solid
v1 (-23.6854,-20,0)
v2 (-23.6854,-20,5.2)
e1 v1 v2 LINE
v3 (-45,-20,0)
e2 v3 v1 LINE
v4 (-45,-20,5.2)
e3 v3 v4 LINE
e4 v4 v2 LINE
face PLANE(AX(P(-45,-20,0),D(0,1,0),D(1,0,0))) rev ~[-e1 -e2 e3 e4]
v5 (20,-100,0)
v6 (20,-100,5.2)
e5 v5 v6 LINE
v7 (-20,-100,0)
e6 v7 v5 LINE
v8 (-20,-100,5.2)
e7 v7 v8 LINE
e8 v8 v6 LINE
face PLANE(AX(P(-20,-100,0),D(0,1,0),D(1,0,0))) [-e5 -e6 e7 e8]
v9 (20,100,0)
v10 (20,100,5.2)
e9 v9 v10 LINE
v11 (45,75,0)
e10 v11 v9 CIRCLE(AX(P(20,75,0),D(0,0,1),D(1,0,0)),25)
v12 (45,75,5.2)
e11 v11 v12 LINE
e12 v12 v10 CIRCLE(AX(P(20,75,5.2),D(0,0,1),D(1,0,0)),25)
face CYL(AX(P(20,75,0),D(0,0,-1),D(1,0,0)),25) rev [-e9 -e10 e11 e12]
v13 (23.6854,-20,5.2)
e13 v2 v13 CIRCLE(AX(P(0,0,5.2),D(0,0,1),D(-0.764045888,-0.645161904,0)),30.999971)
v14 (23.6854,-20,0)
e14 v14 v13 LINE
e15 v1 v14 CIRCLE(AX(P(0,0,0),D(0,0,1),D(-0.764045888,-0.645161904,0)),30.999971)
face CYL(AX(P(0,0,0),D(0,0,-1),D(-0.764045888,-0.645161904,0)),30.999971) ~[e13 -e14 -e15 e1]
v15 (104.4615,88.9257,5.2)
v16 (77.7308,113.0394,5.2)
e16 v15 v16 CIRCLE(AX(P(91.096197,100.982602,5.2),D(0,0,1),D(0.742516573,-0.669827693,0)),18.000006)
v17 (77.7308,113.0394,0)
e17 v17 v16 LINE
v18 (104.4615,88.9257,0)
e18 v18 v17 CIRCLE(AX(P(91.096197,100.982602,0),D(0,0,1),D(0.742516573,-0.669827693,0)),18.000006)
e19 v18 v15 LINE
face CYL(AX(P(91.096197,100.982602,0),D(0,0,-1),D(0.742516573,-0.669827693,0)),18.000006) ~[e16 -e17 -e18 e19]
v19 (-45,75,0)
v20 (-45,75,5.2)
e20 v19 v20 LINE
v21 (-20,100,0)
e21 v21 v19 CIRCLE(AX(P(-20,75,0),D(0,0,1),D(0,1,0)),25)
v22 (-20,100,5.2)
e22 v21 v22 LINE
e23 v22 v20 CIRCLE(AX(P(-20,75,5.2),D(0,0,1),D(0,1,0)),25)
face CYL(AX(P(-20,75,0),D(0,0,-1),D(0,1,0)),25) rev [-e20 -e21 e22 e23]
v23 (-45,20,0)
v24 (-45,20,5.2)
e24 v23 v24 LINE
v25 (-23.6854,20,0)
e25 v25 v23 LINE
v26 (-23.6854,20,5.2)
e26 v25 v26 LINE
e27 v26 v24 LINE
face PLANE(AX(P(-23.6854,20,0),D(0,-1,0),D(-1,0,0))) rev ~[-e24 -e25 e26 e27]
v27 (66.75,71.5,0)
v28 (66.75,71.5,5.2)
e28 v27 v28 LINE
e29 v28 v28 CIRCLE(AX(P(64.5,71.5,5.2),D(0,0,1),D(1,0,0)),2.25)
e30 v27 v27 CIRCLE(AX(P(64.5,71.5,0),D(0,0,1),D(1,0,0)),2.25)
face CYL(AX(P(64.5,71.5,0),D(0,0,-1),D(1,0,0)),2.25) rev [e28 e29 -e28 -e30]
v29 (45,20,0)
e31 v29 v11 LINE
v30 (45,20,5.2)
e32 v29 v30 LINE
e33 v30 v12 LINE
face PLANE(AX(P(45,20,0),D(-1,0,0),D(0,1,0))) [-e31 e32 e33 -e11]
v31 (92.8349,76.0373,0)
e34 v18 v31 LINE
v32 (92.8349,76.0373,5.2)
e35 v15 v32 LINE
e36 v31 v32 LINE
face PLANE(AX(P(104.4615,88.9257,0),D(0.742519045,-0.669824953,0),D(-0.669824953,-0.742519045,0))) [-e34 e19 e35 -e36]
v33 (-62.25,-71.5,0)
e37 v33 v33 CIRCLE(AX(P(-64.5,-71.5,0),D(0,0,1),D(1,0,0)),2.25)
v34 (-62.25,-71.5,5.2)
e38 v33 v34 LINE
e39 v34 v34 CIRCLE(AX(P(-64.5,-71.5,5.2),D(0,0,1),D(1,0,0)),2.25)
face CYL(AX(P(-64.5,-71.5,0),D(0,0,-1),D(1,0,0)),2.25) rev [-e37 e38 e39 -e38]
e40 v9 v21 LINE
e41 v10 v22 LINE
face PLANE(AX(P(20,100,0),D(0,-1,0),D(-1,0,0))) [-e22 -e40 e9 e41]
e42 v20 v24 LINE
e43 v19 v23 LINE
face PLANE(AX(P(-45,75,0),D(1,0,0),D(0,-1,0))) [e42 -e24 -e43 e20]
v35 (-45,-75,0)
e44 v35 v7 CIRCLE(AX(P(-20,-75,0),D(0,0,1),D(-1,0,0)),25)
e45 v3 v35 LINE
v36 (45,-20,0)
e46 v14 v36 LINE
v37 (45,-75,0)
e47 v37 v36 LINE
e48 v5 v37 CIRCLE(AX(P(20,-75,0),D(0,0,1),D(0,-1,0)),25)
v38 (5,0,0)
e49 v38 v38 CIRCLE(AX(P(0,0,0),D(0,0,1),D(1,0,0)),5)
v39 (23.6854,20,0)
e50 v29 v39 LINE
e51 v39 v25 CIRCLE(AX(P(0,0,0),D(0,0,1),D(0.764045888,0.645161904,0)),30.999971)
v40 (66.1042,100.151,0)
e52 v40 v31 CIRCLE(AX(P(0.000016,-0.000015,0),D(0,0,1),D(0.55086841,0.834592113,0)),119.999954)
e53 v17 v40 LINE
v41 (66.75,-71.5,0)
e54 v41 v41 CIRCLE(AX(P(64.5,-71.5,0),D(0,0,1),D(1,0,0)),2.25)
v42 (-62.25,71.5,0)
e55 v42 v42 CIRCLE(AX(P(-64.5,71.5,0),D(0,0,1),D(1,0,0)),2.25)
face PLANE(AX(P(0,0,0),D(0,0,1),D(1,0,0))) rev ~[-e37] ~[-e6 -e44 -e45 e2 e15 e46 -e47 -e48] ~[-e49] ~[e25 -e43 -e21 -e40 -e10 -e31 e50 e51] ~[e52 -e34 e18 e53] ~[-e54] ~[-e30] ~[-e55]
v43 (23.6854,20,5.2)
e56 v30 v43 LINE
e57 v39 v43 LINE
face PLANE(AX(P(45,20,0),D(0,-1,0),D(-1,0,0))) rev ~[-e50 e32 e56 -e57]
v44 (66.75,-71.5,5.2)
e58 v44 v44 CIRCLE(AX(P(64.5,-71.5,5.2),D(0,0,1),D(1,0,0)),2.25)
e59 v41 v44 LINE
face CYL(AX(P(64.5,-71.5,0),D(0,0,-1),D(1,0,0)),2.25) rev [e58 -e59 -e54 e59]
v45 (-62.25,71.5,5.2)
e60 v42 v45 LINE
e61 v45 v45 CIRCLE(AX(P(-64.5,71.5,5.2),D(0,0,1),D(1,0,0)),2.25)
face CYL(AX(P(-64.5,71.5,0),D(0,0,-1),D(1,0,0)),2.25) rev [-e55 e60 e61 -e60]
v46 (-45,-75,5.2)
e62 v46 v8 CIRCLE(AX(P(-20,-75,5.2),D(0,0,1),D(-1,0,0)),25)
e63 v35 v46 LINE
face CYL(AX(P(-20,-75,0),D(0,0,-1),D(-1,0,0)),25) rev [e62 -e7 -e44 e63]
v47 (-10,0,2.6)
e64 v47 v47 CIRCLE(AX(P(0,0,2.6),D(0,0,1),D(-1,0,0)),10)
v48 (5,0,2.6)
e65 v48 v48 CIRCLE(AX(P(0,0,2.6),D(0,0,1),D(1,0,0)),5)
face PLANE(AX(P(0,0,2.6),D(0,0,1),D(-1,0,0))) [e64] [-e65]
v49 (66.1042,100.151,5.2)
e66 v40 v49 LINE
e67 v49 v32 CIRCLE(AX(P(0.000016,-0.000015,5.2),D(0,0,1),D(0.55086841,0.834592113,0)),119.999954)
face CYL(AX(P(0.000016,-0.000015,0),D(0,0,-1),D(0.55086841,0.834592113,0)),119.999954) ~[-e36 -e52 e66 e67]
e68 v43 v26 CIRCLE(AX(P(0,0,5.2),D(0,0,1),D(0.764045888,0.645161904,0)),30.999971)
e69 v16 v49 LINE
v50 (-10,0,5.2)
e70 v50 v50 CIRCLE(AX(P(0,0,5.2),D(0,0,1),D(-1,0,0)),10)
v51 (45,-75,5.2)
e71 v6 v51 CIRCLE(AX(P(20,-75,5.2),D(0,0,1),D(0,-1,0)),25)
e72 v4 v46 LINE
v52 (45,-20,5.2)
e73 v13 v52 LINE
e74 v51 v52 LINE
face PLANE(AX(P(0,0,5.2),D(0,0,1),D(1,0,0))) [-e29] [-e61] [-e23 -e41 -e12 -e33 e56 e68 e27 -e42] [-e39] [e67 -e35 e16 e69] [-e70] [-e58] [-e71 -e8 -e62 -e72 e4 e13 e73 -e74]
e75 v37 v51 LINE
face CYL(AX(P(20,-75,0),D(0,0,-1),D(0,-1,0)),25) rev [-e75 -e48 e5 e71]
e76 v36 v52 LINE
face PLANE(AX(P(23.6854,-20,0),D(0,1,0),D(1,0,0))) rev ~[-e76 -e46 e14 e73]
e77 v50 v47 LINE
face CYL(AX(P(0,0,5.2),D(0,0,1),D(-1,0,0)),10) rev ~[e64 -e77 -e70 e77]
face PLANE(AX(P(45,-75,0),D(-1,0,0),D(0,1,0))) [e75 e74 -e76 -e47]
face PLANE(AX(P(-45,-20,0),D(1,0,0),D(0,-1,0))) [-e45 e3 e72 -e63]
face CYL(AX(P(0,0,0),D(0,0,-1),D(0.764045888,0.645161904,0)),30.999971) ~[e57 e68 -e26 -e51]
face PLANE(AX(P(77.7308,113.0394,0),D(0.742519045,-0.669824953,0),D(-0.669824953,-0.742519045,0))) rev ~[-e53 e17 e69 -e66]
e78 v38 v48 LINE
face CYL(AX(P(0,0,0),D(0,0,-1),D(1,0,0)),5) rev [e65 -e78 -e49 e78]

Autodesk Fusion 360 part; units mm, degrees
sketch "Sketch1" plane through (0, 0, 0) normal (0, 0, 1) x (1, 0, 0)
  circle A0 centre (-64.5, 71.5) radius 2.25
  circle A1 centre (64.5, 71.5) radius 2.25
  circle A2 centre (-64.5, -71.5) radius 2.25
  circle A3 centre (64.5, -71.5) radius 2.25
  line L0 (20, 100) -> (-20, 100)
  line L1 (-20, -100) -> (20, -100)
  arc A4 (-20, 100) -> (-45, 75) centre (-20, 75) ccw
  arc A5 (45, 75) -> (20, 100) centre (20, 75) ccw
  arc A6 (20, -100) -> (45, -75) centre (20, -75) ccw
  arc A7 (-45, -75) -> (-20, -100) centre (-20, -75) ccw
  line L2 (45, 20) -> (-45, -20) construction
  circle A8 centre (0, 0) radius 5
  line L3 (64.5, 71.5) -> (-64.5, 71.5) construction
  line L4 (-64.5, 71.5) -> (-64.5, -71.5) construction
  line L5 (-64.5, -71.5) -> (64.5, -71.5) construction
  line L6 (64.5, -71.5) -> (64.5, 71.5) construction
  line L7 (64.5, 71.5) -> (-64.5, -71.5) construction
  line L8 (-64.5, 71.5) -> (64.5, -71.5) construction
  line L9 (45, 20) -> (23.6854, 20)
  line L10 (-23.6854, 20) -> (-45, 20)
  line L11 (-45, 75) -> (-45, 20)
  line L12 (-45, -20) -> (-45, -75)
  arc A9 (-23.6854, -20) -> (23.6854, -20) centre (0, 0) ccw
  arc A10 (23.6854, 20) -> (-23.6854, 20) centre (0, 0) ccw
  line L13 (45, -75) -> (45, -20)
  line L14 (45, 20) -> (45, 75)
  line L15 (-45, 20) -> (4.5691, -2.0307) construction
  line L16 (28.3282, -12.5903) -> (45, -20) construction
  line L17 (-45, -20) -> (-23.6854, -20)
  line L18 (23.6854, -20) -> (45, -20)
  line L19 (91.0962, 100.9826) -> (104.4615, 88.9257) construction
  line L20 (91.0962, 100.9826) -> (77.7308, 113.0394) construction
  line L21 (104.4615, 88.9257) -> (92.8349, 76.0373)
  line L22 (77.7308, 113.0394) -> (66.1042, 100.151)
  arc A11 (104.4615, 88.9257) -> (77.7308, 113.0394) centre (91.0962, 100.9826) ccw
  arc A12 (66.1042, 100.151) -> (92.8349, 76.0373) centre (0, 0) ccw
  dimension "d14" = 4.5
  dimension "d15" = 4.5
  dimension "d16" = 4.5
  dimension "d17" = 4.5
  dimension "d20" = 240
  dimension "d21" = 25
  dimension "d23" = 40
  dimension "d24" = 10
  dimension "d25" = 62
  dimension "d26" = 129
  dimension "d27" = 143
  dimension "d29" = 36
  dimension "d33" = 45
  dimension "d34" = 100
  dimension "d35" = 100
  dimension "d36" = 149.4615
  dimension "d37" = 132.054
  dimension "d38" = 213.0394
  dimension "d39" = 18.2443
  dimension "d40" = 18
extrude "Extrude1" add sketch "Sketch1" along normal blind 5.2
sketch "Sketch4" plane through (0, 0, 5.2) normal (0, 0, 1) x (-1, 0, 0)
  circle A0 centre (-64.5, 71.5) radius 2.25
  circle A1 centre (64.5, 71.5) radius 2.25
  line L0 (-45, -20) -> (-23.6854, -20)
  arc A2 (-23.6854, -20) -> (23.6854, -20) centre (0, 0) ccw
  line L1 (23.6854, -20) -> (45, -20)
  line L2 (45, -20) -> (45, -75)
  arc A3 (20, -100) -> (45, -75) centre (20, -75) ccw
  line L3 (20, -100) -> (-20, -100)
  arc A4 (-45, -75) -> (-20, -100) centre (-20, -75) ccw
  line L4 (-45, -75) -> (-45, -20)
  circle A5 centre (64.5, -71.5) radius 2.25
  circle A6 centre (0, 0) radius 5
  line L5 (45, 75) -> (45, 20)
  line L6 (45, 20) -> (23.6854, 20)
  arc A7 (23.6854, 20) -> (-23.6854, 20) centre (0, 0) ccw
  line L7 (-23.6854, 20) -> (-45, 20)
  line L8 (-45, 20) -> (-45, 75)
  arc A8 (-20, 100) -> (-45, 75) centre (-20, 75) ccw
  line L9 (-20, 100) -> (20, 100)
  arc A9 (45, 75) -> (20, 100) centre (20, 75) ccw
  circle A10 centre (-64.5, -71.5) radius 2.25
  arc A11 (-104.4615, -88.9257) -> (-77.7308, -113.0394) centre (-91.0962, -100.9826) ccw
  line L10 (-77.7308, -113.0394) -> (-66.1042, -100.151)
  arc A12 (-66.1042, -100.151) -> (-92.8349, -76.0373) centre (0, 0) ccw
  line L11 (-92.8349, -76.0373) -> (-104.4615, -88.9257)
  circle A13 centre (0, 0) radius 10
  dimension "d30" = 20
extrude "Extrude3" cut sketch "Sketch4" against normal blind 2.6 contours A13
equation "d31 = ( -5.2 / 2 ) * 1 mm"
